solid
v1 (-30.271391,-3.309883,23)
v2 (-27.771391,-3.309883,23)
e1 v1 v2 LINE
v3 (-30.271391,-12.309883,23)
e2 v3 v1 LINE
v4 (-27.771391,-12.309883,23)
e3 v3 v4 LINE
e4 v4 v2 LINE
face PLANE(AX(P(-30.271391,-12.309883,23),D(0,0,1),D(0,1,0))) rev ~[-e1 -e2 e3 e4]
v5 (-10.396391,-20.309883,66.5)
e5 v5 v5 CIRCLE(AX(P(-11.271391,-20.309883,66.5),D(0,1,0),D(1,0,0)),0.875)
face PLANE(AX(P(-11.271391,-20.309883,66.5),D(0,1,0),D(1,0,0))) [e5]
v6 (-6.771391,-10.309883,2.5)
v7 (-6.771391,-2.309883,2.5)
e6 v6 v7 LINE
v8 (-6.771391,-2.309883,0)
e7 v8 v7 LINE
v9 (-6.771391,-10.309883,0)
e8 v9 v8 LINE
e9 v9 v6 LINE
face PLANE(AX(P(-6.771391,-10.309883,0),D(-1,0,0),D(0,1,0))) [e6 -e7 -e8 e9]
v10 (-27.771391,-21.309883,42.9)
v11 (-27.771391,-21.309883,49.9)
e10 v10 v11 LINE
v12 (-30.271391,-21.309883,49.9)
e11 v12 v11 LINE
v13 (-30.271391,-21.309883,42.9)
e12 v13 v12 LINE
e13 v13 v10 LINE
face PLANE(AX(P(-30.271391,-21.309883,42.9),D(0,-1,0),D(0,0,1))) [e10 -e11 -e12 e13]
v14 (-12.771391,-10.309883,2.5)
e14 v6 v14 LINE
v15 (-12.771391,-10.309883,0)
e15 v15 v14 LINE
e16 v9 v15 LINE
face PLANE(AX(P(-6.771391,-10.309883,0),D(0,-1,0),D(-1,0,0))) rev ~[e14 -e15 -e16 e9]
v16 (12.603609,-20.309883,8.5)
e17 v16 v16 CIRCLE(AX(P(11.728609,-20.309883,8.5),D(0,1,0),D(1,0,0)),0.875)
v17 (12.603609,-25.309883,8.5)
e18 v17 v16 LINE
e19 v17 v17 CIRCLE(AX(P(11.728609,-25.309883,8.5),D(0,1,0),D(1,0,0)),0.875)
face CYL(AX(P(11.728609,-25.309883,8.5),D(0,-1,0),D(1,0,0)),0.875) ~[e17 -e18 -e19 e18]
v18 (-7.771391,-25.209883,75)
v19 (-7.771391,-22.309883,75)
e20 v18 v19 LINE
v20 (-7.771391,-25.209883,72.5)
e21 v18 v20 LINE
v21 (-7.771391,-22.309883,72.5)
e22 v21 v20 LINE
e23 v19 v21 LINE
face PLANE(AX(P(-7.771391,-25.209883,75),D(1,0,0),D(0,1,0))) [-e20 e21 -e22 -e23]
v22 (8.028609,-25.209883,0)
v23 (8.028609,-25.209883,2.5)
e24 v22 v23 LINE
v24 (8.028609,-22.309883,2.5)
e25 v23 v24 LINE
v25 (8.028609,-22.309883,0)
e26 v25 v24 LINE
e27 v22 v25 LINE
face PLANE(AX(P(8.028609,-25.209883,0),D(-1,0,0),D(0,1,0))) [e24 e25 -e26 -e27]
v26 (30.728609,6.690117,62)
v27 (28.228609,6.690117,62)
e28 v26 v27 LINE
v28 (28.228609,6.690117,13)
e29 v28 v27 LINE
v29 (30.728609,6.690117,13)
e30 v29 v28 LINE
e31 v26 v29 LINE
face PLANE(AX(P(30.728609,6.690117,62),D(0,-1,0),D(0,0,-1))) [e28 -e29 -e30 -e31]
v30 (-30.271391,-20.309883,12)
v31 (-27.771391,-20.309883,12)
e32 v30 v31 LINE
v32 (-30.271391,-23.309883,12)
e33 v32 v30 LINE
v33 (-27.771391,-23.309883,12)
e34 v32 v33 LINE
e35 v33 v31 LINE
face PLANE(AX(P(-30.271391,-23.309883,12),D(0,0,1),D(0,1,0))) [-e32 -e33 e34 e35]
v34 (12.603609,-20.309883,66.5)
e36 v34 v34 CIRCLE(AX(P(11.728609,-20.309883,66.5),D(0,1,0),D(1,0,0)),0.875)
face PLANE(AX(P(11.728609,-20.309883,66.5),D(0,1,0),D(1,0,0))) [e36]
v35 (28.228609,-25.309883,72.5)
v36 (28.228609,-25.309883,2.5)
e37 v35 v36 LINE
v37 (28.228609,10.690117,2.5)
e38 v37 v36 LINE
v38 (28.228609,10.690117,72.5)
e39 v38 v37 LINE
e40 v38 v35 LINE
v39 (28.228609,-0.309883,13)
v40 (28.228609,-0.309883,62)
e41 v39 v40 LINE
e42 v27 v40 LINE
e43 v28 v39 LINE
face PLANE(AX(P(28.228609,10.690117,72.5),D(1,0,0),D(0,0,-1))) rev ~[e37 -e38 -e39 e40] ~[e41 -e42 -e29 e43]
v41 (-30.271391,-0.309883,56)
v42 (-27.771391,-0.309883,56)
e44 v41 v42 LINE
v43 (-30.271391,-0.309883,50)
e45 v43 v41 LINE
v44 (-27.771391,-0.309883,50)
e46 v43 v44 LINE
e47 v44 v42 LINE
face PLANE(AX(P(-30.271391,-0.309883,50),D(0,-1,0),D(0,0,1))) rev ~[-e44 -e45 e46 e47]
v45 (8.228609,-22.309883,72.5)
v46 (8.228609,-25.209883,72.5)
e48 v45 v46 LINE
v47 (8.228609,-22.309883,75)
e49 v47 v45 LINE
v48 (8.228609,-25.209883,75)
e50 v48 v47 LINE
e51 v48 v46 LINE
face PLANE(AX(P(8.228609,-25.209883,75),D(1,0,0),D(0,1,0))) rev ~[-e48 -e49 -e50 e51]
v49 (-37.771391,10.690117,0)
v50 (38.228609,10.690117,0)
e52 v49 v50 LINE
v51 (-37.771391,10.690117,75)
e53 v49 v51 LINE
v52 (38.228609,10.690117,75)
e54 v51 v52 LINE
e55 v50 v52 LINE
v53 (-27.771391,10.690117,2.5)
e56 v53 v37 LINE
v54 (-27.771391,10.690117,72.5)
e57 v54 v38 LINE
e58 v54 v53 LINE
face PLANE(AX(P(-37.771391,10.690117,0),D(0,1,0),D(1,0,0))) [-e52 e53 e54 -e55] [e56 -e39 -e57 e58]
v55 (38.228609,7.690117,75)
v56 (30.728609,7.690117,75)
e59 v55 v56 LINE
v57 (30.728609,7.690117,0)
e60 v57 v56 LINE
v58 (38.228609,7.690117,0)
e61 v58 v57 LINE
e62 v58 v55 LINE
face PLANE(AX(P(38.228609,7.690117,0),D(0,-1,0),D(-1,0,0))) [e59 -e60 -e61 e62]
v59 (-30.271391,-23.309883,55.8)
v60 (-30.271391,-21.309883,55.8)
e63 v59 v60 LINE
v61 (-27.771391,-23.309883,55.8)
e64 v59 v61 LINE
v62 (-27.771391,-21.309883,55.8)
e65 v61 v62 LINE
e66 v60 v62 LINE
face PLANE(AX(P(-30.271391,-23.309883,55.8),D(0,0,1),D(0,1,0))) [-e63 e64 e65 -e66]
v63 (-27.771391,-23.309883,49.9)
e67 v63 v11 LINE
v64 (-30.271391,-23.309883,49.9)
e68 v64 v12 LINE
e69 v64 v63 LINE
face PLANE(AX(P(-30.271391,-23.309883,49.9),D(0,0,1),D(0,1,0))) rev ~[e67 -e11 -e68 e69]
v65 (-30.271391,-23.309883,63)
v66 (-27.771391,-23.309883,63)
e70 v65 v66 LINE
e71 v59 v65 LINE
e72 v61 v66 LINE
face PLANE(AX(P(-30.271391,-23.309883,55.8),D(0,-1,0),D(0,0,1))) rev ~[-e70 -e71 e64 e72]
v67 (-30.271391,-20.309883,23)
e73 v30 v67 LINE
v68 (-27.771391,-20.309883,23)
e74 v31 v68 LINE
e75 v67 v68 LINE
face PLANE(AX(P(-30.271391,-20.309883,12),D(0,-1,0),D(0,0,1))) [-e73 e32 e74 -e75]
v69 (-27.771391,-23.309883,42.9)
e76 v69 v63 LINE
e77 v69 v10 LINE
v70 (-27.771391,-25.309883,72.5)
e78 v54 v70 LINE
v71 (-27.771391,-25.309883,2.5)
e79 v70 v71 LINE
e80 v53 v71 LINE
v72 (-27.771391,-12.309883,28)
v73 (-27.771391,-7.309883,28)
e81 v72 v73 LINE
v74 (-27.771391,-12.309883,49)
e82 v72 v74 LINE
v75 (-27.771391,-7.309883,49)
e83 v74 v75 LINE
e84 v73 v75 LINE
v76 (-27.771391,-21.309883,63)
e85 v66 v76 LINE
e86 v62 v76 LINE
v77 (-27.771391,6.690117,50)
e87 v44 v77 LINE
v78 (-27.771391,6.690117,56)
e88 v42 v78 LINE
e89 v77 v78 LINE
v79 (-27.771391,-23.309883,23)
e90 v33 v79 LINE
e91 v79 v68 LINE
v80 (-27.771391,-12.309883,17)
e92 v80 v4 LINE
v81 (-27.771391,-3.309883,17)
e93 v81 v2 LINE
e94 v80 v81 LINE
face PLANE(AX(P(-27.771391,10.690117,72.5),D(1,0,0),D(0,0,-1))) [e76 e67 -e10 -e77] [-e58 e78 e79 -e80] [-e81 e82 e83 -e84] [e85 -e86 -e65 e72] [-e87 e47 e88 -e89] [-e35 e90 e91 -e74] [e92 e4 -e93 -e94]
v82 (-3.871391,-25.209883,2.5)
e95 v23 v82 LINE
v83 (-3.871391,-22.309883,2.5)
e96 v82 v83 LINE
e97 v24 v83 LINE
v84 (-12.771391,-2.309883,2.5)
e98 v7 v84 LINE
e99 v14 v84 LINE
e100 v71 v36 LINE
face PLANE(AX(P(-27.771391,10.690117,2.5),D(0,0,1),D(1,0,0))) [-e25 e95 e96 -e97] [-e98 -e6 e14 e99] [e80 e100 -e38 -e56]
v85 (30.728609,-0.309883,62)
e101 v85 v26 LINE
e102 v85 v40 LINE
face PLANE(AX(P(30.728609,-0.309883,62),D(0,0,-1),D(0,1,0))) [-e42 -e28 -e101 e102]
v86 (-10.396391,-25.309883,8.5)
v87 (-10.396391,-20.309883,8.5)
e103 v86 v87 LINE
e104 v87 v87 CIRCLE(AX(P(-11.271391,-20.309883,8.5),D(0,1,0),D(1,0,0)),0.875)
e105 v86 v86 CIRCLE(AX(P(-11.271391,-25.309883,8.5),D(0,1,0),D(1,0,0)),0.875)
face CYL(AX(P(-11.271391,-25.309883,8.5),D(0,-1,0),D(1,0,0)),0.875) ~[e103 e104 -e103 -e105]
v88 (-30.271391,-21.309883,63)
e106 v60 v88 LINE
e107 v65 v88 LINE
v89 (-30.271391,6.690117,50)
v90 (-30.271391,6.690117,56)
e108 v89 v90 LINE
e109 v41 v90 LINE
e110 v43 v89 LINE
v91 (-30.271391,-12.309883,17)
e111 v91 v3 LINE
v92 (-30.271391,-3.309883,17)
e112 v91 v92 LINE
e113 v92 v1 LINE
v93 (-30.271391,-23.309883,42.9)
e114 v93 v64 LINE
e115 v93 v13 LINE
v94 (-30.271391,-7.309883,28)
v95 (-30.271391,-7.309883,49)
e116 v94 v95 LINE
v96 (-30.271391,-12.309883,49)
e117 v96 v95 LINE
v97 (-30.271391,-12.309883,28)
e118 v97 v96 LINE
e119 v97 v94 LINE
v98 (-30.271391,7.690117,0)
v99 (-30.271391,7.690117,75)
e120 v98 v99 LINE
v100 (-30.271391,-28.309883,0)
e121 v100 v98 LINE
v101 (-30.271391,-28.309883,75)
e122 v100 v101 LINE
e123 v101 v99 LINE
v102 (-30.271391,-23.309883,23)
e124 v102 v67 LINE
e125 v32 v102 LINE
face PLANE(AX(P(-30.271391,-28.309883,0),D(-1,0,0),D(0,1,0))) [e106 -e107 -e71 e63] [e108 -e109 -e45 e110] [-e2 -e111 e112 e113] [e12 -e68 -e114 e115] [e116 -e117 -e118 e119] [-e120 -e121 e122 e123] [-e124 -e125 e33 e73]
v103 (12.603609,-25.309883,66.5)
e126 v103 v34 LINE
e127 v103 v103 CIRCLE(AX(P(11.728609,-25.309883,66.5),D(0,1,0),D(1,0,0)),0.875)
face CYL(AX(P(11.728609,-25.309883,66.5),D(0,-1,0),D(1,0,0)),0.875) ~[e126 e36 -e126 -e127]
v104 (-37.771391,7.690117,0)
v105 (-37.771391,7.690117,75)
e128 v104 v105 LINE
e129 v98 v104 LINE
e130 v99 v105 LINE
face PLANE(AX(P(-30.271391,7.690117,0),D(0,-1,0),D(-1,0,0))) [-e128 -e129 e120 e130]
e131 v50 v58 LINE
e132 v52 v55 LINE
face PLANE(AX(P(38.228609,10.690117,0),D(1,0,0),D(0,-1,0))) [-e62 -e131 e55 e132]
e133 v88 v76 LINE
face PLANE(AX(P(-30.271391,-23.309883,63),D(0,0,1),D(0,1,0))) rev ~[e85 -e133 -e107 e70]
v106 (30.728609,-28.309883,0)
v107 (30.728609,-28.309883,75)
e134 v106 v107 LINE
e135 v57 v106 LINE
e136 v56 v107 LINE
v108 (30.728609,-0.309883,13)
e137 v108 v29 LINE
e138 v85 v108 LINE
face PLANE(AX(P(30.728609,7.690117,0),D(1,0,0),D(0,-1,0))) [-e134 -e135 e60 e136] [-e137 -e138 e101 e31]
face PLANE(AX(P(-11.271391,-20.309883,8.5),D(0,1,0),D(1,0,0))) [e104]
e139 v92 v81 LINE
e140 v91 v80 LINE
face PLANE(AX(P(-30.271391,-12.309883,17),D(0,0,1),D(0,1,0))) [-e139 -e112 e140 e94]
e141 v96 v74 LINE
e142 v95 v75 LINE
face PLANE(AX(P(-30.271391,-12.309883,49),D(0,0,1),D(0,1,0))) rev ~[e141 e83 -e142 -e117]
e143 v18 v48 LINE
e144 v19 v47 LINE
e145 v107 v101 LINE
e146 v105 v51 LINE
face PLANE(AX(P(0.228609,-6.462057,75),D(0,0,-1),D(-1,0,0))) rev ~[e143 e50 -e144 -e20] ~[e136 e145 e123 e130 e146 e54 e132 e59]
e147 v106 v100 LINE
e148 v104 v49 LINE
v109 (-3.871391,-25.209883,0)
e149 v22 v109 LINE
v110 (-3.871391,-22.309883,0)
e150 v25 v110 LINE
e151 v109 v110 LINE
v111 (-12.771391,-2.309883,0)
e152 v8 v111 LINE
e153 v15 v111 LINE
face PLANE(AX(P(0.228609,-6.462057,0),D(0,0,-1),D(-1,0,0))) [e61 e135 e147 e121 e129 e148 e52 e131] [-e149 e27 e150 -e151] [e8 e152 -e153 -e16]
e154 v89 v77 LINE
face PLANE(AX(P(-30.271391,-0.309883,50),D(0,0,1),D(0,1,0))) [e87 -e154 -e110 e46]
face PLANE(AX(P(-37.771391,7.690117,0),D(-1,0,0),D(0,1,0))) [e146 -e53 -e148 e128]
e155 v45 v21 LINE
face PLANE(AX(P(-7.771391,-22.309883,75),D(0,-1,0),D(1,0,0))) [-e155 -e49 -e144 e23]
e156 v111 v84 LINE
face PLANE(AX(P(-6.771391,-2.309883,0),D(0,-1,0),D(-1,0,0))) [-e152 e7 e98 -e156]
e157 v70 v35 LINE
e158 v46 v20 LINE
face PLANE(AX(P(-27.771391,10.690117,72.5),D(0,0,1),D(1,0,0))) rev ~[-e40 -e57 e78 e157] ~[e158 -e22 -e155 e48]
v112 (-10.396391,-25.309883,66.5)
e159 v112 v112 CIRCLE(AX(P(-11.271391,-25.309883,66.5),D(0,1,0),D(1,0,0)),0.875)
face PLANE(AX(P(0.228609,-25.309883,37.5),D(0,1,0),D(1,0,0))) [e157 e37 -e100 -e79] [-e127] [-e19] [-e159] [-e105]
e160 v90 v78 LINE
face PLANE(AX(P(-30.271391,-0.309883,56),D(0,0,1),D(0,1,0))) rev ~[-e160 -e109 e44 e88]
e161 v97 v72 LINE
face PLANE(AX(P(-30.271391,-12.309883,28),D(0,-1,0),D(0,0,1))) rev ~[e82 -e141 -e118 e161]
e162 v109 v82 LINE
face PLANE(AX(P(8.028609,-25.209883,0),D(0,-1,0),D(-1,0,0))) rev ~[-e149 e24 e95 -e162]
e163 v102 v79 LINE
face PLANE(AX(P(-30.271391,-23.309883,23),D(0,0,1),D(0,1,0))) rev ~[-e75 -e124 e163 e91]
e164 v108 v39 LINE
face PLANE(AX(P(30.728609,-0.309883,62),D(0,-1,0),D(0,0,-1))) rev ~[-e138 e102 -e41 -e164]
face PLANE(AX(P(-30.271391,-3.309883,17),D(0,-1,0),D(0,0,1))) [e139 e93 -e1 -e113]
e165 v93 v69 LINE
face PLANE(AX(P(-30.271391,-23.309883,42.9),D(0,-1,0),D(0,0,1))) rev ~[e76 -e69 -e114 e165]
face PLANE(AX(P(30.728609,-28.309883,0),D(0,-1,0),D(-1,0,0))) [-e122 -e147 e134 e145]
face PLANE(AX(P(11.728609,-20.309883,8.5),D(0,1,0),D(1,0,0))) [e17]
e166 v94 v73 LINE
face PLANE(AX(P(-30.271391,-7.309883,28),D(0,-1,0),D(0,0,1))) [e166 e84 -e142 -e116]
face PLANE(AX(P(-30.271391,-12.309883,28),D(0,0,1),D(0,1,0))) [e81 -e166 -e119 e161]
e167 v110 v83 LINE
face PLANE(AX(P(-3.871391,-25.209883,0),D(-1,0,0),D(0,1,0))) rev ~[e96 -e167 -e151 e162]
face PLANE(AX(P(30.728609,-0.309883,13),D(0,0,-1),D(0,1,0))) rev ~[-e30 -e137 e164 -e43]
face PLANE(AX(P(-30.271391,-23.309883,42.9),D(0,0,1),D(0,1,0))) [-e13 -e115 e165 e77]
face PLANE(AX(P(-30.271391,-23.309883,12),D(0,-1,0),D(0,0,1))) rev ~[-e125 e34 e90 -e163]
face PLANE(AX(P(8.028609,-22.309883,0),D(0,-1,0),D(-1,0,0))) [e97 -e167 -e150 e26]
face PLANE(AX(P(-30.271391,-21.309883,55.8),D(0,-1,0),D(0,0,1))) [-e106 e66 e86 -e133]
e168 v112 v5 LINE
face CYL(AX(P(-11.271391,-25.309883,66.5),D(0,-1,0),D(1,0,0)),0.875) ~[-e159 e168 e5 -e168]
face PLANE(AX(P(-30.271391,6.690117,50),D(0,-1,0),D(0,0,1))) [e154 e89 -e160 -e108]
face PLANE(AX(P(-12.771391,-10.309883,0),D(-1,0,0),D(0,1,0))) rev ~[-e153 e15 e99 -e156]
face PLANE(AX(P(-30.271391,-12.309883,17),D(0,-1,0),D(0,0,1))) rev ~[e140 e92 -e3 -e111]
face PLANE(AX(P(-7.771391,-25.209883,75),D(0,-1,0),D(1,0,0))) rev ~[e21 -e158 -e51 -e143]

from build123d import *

# Parameters (mm, degrees)
BOSS_EXTRUDE1_DEPTH = 75
SKETCH4_W           = 56
SKETCH4_H           = 70
CUT_EXTRUDE1_DEPTH  = 36
SKETCH21_R          = 0.875
BOSS_EXTRUDE3_DEPTH = 5
CUT_EXTRUDE2_REACH  = 77
SKETCH23_W          = 11.9
SKETCH23_H          = 2.9
CUT_EXTRUDE3_REACH  = 70.5
SKETCH24_W          = 11
SKETCH24_H          = 3
CUT_EXTRUDE4_REACH  = 70.5
SKETCH25_W          = 7
SKETCH25_H          = 2
CUT_EXTRUDE5_REACH  = 70.5
SKETCH26_W          = 7.2
SKETCH26_H          = 2
CUT_EXTRUDE6_REACH  = 77
SKETCH27_W          = 16
SKETCH27_H          = 2.9
CUT_EXTRUDE7_REACH  = 70.5
SKETCH28_W          = 6
SKETCH28_H          = 9
CUT_EXTRUDE8_REACH  = 70.5
SKETCH29_W          = 21
SKETCH29_H          = 5
CUT_EXTRUDE9_REACH  = 77
SKETCH30_W          = 6
SKETCH30_H          = 8
CUT_EXTRUDE10_REACH = 70.5
SKETCH31_W          = 49
SKETCH31_H          = 7
CUT_EXTRUDE11_REACH = 70.5
SKETCH32_W          = 6
SKETCH32_H          = 7


with BuildPart() as part:
    # Sketch1 → Boss-Extrude1 (new body)
    with BuildSketch(Plane.XY):
        Polygon((-37.771390637, 7.690116692), (-37.771390637, 10.690116692), (38.228609363, 10.690116692), (38.228609363, 7.690116692), (30.728609363, 7.690116692), (30.728609363, -28.309883308), (-30.271390637, -28.309883308), (-30.271390637, 7.690116692), align=None)
    extrude(amount=BOSS_EXTRUDE1_DEPTH)

    # Sketch4 → Cut-Extrude1 (cut)
    with BuildSketch(Plane(origin=(0, 10.690116692, 0), x_dir=(1, 0, 0), z_dir=(0, 1, 0))):
        with Locations((0.228609363, -37.5)):
            Rectangle(SKETCH4_W, SKETCH4_H)
    extrude(amount=-CUT_EXTRUDE1_DEPTH, mode=Mode.SUBTRACT)

    # Sketch21 → Boss-Extrude3 (add)
    with BuildSketch(Plane(origin=(0, -25.309883308, 0), x_dir=(1, 0, 0), z_dir=(0, 1, 0))):
        with Locations((-11.271390637, -8.5)):
            Circle(SKETCH21_R)
        with Locations((11.728609363, -8.5)):
            Circle(SKETCH21_R)
        with Locations((-11.271390637, -66.5)):
            Circle(SKETCH21_R)
        with Locations((11.728609363, -66.5)):
            Circle(SKETCH21_R)
    extrude(amount=BOSS_EXTRUDE3_DEPTH)

    # Sketch23 → Cut-Extrude2 (cut, up to next)
    with BuildSketch(Plane(origin=(0, 0, 0), x_dir=(-1, 0, 0), z_dir=(0, 0, -1)), mode=Mode.PRIVATE) as cut_extrude2_sk1:
        with Locations((-2.078609363, -23.759883308)):
            Rectangle(SKETCH23_W, SKETCH23_H)
    cut_extrude2_tool1 = extrude(cut_extrude2_sk1.sketch, amount=-CUT_EXTRUDE2_REACH, mode=Mode.PRIVATE) & part.part
    add(cut_extrude2_tool1.solids().sort_by_distance((2.078609, -23.759883, 0))[0], mode=Mode.SUBTRACT)

    # Sketch24 → Cut-Extrude3 (cut, up to next)
    with BuildSketch(Plane.ZY.offset(30.271390637), mode=Mode.PRIVATE) as cut_extrude3_sk1:
        with Locations((17.5, -21.809883308)):
            Rectangle(SKETCH24_W, SKETCH24_H)
    cut_extrude3_tool1 = extrude(cut_extrude3_sk1.sketch, amount=-CUT_EXTRUDE3_REACH, mode=Mode.PRIVATE) & part.part
    add(cut_extrude3_tool1.solids().sort_by_distance((-30.271391, -21.809883, 17.5))[0], mode=Mode.SUBTRACT)

    # Sketch25 → Cut-Extrude4 (cut, up to next)
    with BuildSketch(Plane.ZY.offset(30.271390637), mode=Mode.PRIVATE) as cut_extrude4_sk1:
        with Locations((46.4, -22.309883308)):
            Rectangle(SKETCH25_W, SKETCH25_H)
    cut_extrude4_tool1 = extrude(cut_extrude4_sk1.sketch, amount=-CUT_EXTRUDE4_REACH, mode=Mode.PRIVATE) & part.part
    add(cut_extrude4_tool1.solids().sort_by_distance((-30.271391, -22.309883, 46.4))[0], mode=Mode.SUBTRACT)

    # Sketch26 → Cut-Extrude5 (cut, up to next)
    with BuildSketch(Plane.ZY.offset(30.271390637), mode=Mode.PRIVATE) as cut_extrude5_sk1:
        with Locations((59.4, -22.309883308)):
            Rectangle(SKETCH26_W, SKETCH26_H)
    cut_extrude5_tool1 = extrude(cut_extrude5_sk1.sketch, amount=-CUT_EXTRUDE5_REACH, mode=Mode.PRIVATE) & part.part
    add(cut_extrude5_tool1.solids().sort_by_distance((-30.271391, -22.309883, 59.4))[0], mode=Mode.SUBTRACT)

    # Sketch27 → Cut-Extrude6 (cut, up to next)
    with BuildSketch(Plane.XY.offset(75), mode=Mode.PRIVATE) as cut_extrude6_sk1:
        with Locations((0.228609363, -23.759883308)):
            Rectangle(SKETCH27_W, SKETCH27_H)
    cut_extrude6_tool1 = extrude(cut_extrude6_sk1.sketch, amount=-CUT_EXTRUDE6_REACH, mode=Mode.PRIVATE) & part.part
    add(cut_extrude6_tool1.solids().sort_by_distance((0.228609, -23.759883, 75))[0], mode=Mode.SUBTRACT)

    # Sketch28 → Cut-Extrude7 (cut, up to next)
    with BuildSketch(Plane.ZY.offset(30.271390637), mode=Mode.PRIVATE) as cut_extrude7_sk1:
        with Locations((20, -7.809883308)):
            Rectangle(SKETCH28_W, SKETCH28_H)
    cut_extrude7_tool1 = extrude(cut_extrude7_sk1.sketch, amount=-CUT_EXTRUDE7_REACH, mode=Mode.PRIVATE) & part.part
    add(cut_extrude7_tool1.solids().sort_by_distance((-30.271391, -7.809883, 20))[0], mode=Mode.SUBTRACT)

    # Sketch29 → Cut-Extrude8 (cut, up to next)
    with BuildSketch(Plane.ZY.offset(30.271390637), mode=Mode.PRIVATE) as cut_extrude8_sk1:
        with Locations((38.5, -9.809883308)):
            Rectangle(SKETCH29_W, SKETCH29_H)
    cut_extrude8_tool1 = extrude(cut_extrude8_sk1.sketch, amount=-CUT_EXTRUDE8_REACH, mode=Mode.PRIVATE) & part.part
    add(cut_extrude8_tool1.solids().sort_by_distance((-30.271391, -9.809883, 38.5))[0], mode=Mode.SUBTRACT)

    # Sketch30 → Cut-Extrude9 (cut, up to next)
    with BuildSketch(Plane(origin=(0, 0, 0), x_dir=(-1, 0, 0), z_dir=(0, 0, -1)), mode=Mode.PRIVATE) as cut_extrude9_sk1:
        with Locations((9.771390637, -6.309883308)):
            Rectangle(SKETCH30_W, SKETCH30_H)
    cut_extrude9_tool1 = extrude(cut_extrude9_sk1.sketch, amount=-CUT_EXTRUDE9_REACH, mode=Mode.PRIVATE) & part.part
    add(cut_extrude9_tool1.solids().sort_by_distance((-9.771391, -6.309883, 0))[0], mode=Mode.SUBTRACT)

    # Sketch31 → Cut-Extrude10 (cut, up to next)
    with BuildSketch(Plane(origin=(30.728609363, 0, 0), x_dir=(0, 0, -1), z_dir=(1, 0, 0)), mode=Mode.PRIVATE) as cut_extrude10_sk1:
        with Locations((-37.5, 3.190116692)):
            Rectangle(SKETCH31_W, SKETCH31_H)
    cut_extrude10_tool1 = extrude(cut_extrude10_sk1.sketch, amount=-CUT_EXTRUDE10_REACH, mode=Mode.PRIVATE) & part.part
    add(cut_extrude10_tool1.solids().sort_by_distance((30.728609, 3.190117, 37.5))[0], mode=Mode.SUBTRACT)

    # Sketch32 → Cut-Extrude11 (cut, up to next)
    with BuildSketch(Plane.ZY.offset(30.271390637), mode=Mode.PRIVATE) as cut_extrude11_sk1:
        with Locations((53, 3.190116692)):
            Rectangle(SKETCH32_W, SKETCH32_H)
    cut_extrude11_tool1 = extrude(cut_extrude11_sk1.sketch, amount=-CUT_EXTRUDE11_REACH, mode=Mode.PRIVATE) & part.part
    add(cut_extrude11_tool1.solids().sort_by_distance((-30.271391, 3.190117, 53))[0], mode=Mode.SUBTRACT)


solid = part.part
